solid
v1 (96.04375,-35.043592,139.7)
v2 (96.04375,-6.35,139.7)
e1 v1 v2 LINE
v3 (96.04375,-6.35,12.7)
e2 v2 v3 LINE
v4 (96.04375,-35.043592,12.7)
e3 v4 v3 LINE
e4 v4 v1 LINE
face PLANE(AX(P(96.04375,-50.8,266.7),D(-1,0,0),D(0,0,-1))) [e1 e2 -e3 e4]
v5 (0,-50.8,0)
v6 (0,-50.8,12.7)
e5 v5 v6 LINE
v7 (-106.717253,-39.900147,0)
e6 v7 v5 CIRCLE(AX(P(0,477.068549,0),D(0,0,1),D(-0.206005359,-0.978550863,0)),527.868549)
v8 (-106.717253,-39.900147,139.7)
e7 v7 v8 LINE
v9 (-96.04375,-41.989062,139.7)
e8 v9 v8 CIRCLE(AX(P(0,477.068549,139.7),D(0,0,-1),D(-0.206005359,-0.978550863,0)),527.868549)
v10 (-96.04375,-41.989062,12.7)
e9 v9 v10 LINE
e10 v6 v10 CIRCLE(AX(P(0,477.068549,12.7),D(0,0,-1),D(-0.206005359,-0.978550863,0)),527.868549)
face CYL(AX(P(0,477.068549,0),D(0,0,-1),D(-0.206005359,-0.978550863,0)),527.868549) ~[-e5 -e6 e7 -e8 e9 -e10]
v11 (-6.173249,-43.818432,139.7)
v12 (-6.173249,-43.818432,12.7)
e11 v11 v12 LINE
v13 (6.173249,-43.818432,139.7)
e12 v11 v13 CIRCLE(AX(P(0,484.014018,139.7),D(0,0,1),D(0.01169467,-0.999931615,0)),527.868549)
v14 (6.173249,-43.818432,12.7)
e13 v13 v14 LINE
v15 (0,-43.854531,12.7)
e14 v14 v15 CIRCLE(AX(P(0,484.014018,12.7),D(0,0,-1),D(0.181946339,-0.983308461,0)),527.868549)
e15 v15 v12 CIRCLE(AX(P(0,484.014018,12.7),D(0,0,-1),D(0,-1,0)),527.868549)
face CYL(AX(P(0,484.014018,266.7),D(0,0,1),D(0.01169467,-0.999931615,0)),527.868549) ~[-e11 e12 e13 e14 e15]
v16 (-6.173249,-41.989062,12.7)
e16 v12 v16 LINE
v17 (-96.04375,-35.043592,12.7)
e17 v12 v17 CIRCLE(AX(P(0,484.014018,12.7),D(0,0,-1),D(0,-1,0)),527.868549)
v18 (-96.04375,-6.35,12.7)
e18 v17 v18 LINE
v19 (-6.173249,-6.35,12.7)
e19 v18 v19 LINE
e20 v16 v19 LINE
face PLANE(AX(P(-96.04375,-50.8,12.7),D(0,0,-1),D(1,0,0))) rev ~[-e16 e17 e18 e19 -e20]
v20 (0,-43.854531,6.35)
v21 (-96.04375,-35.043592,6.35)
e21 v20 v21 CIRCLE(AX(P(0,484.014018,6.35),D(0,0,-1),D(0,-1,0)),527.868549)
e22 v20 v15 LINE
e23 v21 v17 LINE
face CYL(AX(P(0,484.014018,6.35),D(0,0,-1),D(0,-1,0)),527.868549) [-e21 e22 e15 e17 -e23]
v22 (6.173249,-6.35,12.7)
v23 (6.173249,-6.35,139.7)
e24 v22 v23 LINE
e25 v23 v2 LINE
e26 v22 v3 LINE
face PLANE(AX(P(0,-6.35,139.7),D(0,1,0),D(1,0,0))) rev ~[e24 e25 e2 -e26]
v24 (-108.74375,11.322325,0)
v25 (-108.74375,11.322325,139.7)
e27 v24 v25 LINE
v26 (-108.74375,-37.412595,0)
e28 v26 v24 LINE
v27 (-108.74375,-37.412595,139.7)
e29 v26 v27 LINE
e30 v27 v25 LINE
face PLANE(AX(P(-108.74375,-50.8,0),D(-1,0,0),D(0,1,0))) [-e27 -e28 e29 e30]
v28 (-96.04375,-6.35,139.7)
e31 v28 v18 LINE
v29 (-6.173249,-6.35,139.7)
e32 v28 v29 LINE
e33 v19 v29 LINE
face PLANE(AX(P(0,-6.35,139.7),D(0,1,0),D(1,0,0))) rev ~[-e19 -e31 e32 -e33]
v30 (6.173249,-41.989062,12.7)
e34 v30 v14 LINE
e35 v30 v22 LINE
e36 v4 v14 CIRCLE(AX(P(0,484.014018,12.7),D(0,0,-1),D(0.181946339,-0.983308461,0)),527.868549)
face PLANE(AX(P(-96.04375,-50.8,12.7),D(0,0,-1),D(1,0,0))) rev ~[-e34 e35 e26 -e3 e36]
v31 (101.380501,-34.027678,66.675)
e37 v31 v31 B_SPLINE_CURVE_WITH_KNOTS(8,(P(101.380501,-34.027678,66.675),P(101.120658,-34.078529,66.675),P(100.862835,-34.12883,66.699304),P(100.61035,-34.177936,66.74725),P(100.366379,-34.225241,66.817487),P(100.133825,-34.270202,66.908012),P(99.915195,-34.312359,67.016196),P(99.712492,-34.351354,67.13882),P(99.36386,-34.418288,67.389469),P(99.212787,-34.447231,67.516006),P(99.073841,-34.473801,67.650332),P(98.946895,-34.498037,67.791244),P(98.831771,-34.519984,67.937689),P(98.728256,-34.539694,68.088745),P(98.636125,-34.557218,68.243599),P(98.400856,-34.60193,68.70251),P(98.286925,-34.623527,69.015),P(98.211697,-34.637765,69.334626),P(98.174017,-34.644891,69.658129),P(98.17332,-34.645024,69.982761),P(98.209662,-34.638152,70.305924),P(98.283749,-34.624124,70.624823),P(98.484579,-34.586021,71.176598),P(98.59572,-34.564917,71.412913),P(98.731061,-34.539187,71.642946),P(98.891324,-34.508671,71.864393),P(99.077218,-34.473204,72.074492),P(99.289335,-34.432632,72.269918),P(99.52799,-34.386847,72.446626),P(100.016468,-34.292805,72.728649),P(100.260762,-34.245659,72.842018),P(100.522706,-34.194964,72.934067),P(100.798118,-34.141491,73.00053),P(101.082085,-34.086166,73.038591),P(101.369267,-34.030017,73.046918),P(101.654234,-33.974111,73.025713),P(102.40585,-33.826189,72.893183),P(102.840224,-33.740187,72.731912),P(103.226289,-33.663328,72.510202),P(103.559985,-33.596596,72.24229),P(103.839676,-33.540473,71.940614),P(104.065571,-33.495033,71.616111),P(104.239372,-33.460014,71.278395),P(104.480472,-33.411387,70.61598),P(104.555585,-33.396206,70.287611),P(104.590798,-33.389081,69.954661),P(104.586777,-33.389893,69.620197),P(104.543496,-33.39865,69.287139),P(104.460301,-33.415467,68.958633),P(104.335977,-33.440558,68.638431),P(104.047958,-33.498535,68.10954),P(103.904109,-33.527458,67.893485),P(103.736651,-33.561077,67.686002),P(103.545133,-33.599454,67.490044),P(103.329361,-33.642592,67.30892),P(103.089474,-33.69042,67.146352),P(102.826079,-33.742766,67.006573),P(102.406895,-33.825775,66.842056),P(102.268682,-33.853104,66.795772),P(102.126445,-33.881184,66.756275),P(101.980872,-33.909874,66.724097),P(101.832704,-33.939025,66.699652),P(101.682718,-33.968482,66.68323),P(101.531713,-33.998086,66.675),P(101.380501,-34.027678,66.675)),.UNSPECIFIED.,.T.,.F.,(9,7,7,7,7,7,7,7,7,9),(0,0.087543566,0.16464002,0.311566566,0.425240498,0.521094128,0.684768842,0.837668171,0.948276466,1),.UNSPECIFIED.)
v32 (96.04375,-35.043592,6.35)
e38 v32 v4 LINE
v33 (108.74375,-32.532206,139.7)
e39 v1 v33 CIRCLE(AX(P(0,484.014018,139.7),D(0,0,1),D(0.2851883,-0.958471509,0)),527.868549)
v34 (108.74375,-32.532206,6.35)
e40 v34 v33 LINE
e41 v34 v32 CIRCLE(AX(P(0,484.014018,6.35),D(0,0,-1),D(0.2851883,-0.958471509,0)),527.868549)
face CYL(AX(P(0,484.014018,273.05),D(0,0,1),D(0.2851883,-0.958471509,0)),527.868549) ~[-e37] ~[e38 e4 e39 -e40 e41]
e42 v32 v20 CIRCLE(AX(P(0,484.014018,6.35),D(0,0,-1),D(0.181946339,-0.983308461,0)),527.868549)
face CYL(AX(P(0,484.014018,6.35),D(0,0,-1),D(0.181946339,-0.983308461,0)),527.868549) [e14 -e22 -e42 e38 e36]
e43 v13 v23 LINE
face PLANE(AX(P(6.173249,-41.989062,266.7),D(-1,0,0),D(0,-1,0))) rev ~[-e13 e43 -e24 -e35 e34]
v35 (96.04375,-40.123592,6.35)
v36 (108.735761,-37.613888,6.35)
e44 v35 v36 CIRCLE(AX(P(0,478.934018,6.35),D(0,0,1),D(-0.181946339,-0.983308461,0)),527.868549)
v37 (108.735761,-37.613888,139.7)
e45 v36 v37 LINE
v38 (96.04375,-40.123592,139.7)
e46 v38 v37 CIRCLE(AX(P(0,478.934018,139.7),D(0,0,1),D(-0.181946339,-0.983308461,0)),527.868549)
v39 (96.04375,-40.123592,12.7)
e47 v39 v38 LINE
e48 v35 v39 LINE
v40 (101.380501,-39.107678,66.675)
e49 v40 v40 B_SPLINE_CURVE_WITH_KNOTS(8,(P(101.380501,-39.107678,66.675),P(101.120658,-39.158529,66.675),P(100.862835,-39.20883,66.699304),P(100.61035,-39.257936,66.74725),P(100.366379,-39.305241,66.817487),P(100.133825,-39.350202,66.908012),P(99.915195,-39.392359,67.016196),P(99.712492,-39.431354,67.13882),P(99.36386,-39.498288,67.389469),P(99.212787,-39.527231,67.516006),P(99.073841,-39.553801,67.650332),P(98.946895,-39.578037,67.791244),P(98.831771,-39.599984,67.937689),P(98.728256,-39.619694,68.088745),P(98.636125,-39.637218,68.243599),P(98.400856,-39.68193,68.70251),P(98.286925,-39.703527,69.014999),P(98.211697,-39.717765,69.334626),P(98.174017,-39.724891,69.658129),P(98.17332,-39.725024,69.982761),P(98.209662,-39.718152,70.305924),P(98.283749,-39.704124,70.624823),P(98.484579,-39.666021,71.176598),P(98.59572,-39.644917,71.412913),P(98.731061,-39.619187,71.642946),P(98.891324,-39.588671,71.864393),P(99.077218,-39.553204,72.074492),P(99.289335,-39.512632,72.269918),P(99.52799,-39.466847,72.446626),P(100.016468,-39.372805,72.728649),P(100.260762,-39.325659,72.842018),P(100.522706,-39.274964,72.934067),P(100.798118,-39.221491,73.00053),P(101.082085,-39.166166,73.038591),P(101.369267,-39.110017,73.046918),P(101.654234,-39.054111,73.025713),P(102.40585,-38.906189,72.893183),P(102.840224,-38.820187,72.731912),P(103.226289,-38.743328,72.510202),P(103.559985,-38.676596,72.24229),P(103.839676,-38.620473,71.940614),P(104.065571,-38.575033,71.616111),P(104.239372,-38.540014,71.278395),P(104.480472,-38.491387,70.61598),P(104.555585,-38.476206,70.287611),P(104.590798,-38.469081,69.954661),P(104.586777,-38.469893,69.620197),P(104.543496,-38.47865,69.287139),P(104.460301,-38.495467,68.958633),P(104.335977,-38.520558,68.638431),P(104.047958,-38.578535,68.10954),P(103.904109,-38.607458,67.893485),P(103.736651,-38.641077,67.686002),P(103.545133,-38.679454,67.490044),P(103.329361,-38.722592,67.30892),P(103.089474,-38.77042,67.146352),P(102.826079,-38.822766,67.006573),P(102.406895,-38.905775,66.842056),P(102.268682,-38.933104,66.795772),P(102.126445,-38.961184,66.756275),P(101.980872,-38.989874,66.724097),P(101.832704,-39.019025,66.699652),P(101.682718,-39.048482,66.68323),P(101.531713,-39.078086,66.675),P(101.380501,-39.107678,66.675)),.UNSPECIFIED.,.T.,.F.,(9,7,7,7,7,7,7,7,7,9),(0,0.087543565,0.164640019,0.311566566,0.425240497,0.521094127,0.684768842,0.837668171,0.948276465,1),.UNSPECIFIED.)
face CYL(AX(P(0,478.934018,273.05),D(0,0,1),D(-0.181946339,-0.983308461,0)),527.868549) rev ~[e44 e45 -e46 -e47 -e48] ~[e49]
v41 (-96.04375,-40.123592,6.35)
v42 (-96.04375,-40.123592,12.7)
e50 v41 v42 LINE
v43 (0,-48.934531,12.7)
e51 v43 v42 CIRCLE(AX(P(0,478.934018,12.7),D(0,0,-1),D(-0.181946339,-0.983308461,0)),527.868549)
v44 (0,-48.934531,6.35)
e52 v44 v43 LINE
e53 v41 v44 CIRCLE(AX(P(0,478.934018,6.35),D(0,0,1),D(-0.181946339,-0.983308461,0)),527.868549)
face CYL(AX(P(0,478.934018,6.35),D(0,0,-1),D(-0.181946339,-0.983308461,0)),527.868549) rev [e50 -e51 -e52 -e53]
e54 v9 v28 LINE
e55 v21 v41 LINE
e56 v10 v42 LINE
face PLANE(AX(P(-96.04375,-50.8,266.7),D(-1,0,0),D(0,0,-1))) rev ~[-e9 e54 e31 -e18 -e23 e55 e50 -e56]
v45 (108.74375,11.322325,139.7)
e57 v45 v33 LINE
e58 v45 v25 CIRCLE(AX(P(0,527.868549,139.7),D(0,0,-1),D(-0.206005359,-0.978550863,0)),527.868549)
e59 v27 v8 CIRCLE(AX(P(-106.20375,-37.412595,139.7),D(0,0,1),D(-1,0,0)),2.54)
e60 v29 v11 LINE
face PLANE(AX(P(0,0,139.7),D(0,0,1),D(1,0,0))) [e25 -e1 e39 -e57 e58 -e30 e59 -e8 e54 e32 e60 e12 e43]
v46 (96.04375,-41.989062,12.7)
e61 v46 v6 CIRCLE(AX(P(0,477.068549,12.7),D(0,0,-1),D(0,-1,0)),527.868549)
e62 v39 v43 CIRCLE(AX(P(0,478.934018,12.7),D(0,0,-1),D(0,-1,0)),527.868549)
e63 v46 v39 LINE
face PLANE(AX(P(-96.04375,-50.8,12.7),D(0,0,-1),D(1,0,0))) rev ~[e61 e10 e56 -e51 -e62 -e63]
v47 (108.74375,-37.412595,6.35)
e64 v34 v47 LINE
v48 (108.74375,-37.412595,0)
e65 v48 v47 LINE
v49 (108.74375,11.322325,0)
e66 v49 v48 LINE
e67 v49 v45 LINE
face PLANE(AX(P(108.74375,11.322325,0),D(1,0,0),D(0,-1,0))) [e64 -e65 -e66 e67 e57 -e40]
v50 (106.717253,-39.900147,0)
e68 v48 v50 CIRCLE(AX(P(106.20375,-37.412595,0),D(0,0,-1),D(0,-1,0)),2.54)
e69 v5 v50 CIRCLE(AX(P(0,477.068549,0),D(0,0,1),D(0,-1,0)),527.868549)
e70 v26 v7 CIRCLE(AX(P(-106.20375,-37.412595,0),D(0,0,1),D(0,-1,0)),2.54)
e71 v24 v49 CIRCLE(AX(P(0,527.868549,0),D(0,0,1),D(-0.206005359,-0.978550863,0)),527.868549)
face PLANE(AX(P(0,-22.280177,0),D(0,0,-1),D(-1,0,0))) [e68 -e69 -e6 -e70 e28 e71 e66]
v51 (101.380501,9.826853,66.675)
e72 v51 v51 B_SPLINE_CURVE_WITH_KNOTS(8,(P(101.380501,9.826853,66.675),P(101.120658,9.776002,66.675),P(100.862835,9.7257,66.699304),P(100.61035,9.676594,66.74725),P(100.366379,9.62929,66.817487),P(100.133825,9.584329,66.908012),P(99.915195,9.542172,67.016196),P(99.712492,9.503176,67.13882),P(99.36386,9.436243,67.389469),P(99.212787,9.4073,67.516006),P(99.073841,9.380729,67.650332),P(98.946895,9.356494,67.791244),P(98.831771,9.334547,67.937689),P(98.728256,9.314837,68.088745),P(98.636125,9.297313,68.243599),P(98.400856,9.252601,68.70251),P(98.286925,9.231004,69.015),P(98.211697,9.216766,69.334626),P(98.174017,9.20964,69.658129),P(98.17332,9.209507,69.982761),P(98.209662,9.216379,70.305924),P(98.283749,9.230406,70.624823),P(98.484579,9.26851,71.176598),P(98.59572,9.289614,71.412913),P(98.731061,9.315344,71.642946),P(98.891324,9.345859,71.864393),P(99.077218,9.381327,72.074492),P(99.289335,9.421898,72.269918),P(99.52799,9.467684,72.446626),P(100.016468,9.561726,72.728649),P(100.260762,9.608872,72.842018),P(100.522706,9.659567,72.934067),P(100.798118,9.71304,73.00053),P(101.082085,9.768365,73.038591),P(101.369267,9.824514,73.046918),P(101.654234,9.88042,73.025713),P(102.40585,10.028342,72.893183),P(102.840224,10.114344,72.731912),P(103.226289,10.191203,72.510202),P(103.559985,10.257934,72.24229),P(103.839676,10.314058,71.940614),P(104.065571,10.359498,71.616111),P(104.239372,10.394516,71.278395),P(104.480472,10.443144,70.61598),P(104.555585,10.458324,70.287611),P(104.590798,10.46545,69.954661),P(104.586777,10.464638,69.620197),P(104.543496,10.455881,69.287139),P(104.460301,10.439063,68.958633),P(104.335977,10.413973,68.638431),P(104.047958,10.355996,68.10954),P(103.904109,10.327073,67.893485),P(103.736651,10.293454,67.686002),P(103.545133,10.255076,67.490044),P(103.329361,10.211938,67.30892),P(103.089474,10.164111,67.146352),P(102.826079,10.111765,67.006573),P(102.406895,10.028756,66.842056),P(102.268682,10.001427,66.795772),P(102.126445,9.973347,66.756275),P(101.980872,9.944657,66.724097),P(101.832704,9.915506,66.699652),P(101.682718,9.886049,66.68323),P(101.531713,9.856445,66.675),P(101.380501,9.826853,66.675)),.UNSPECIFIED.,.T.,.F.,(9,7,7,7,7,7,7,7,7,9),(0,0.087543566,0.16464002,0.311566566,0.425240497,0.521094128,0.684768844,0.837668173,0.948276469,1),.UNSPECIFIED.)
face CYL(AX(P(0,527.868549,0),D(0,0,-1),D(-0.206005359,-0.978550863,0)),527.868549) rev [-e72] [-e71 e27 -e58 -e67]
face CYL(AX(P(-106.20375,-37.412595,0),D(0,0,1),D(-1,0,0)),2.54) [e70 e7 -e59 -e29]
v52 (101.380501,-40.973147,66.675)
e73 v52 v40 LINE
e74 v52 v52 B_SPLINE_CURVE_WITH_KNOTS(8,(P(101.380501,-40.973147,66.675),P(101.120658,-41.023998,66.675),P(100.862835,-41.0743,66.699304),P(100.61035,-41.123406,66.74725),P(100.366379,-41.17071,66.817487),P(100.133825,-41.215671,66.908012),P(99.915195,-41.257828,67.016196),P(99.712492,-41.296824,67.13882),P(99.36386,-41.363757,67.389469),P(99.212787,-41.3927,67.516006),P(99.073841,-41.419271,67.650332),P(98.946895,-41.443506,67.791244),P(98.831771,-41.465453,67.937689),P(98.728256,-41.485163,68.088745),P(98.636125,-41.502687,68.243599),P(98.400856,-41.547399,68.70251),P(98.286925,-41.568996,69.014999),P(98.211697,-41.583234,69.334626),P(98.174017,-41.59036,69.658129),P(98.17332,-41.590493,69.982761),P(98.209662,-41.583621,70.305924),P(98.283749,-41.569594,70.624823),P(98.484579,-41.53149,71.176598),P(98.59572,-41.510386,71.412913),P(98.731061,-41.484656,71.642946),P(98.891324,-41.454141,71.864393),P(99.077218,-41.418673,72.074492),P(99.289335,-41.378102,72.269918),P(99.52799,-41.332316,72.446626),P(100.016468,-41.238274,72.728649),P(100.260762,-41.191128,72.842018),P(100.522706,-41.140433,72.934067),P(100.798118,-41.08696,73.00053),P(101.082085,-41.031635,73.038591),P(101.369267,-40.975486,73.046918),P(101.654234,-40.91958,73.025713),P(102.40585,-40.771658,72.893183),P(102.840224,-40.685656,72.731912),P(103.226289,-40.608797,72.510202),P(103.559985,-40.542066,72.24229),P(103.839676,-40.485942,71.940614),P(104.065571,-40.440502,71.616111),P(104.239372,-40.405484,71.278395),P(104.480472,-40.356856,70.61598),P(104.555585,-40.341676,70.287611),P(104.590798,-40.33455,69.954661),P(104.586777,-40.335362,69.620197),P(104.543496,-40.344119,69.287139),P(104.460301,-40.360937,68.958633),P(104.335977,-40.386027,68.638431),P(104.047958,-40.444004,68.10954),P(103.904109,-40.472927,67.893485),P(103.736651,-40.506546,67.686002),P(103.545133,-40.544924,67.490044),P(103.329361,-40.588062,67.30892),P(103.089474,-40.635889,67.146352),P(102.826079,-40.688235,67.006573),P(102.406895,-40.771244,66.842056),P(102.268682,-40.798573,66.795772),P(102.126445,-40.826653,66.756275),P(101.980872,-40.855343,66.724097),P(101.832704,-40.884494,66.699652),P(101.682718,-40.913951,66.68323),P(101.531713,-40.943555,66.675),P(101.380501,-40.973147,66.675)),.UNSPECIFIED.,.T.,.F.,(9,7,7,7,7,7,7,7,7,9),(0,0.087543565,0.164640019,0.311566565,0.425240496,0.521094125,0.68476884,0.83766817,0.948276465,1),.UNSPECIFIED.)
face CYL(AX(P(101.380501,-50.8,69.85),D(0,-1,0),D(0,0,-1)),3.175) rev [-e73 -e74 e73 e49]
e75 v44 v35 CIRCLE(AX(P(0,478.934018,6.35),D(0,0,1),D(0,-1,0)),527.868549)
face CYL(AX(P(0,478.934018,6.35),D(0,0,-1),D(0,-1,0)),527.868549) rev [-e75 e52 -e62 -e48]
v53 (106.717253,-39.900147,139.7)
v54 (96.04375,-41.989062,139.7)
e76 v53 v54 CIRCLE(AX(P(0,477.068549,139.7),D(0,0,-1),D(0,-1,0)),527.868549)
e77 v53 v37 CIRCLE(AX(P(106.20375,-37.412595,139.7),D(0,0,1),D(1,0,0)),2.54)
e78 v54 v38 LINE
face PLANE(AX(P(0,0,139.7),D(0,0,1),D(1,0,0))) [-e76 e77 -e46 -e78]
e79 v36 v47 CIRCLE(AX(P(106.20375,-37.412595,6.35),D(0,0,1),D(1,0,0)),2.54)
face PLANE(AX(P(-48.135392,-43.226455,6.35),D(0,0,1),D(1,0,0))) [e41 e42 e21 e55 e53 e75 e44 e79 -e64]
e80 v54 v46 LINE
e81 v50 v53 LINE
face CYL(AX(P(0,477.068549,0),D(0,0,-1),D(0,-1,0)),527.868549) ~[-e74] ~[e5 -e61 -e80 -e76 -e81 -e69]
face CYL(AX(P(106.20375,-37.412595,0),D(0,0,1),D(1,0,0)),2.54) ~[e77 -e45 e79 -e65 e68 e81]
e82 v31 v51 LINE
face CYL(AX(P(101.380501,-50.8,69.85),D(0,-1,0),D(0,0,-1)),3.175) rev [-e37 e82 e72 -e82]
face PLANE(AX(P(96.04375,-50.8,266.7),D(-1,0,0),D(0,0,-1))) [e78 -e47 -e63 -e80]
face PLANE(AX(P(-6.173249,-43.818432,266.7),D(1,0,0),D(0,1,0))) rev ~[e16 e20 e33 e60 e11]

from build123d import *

# Parameters (mm, degrees)
BOSS_EXTRUDE2_DEPTH     = 279.4
CUT_EXTRUDE1_DEPTH      = 279.4
FILLET1_R               = 2.54
SKETCH7_W               = 192.0875
SKETCH7_H               = 254
CUT_EXTRUDE2_DEPTH      = 44.45
SKETCH8_W               = 6.173248721
SKETCH8_H               = 35.639061591
BOSS_EXTRUDE3_DEPTH     = 258.064
CUT_EXTRUDE3_DEPTH      = 260.35
CUT_EXTRUDE3_DEPTH_BACK = 6.35
CUT_EXTRUDE4_DEPTH      = 260.35
CUT_EXTRUDE4_DEPTH_BACK = 6.35
BOSS_EXTRUDE4_DEPTH     = 254
SKETCH18_R              = 3.175
CUT_EXTRUDE5_DEPTH      = 71.12


with BuildPart() as part:
    # CrossSection → Boss-Extrude2 (new body)
    with BuildSketch(Plane.XY):
        with BuildLine():
            Line((108.74375, 11.322324676), (108.74375, -50.8))
            Line((108.74375, -50.8), (-108.74375, -50.8))
            Line((-108.74375, -50.8), (-108.74375, 11.322324676))
            ThreePointArc((-108.74375, 11.322324676), (0, 0), (108.74375, 11.322324676))
        make_face()
    extrude(amount=BOSS_EXTRUDE2_DEPTH)

    # Sketch4 → Cut-Extrude1 (cut)
    with BuildSketch(Plane(origin=(0, 0, 0), x_dir=(-1, 0, 0), z_dir=(0, 0, -1))):
        with BuildLine():
            ThreePointArc((0, -50.8), (-54.665798723, -47.96178867), (-108.74375, -39.477675324))
            Line((-108.74375, -39.477675324), (-108.74375, -50.8))
            Line((-108.74375, -50.8), (0, -50.8))
        make_face()
        with BuildLine():
            ThreePointArc((108.74375, -39.477675324), (54.665798723, -47.96178867), (0, -50.8))
            Line((0, -50.8), (108.74375, -50.8))
            Line((108.74375, -50.8), (108.74375, -39.477675324))
        make_face()
    extrude(amount=-CUT_EXTRUDE1_DEPTH, mode=Mode.SUBTRACT)

    # Fillet1
    fillet1_edges = [part.edges().sort_by_distance(p)[0] for p in [
        (108.74375, -39.477675324, 139.7),
        (-108.74375, -39.477675324, 139.7),
    ]]
    fillet(fillet1_edges, radius=FILLET1_R)

    # Sketch7 → Cut-Extrude2 (cut)
    with BuildSketch(Plane(origin=(0, -50.8, 0), x_dir=(1, 0, 0), z_dir=(0, 1, 0))):
        with Locations((0, -139.7)):
            Rectangle(SKETCH7_W, SKETCH7_H)
    extrude(amount=CUT_EXTRUDE2_DEPTH, mode=Mode.SUBTRACT)

    # Sketch8 → Boss-Extrude3 (add)
    with BuildSketch(Plane.XY.offset(12.7)):
        with Locations((3.086624361, -24.169530796)):
            Rectangle(SKETCH8_W, SKETCH8_H)
        with Locations((-3.086624361, -24.169530796)):
            Rectangle(SKETCH8_W, SKETCH8_H)
    extrude(amount=BOSS_EXTRUDE3_DEPTH)

    # Sketch13 → Cut-Extrude3 (cut, two sides: drawn at the far end of the back side and taken through both)
    with BuildSketch(Plane.XY.offset(12.7).offset(-CUT_EXTRUDE3_DEPTH_BACK)):
        with BuildLine():
            ThreePointArc((-96.04375, -40.123592373), (-48.223527841, -46.727181022), (0, -48.934530782))
            Line((0, -48.934530782), (0, -43.854530782))
            ThreePointArc((0, -43.854530782), (-48.223527841, -41.647181022), (-96.04375, -35.043592373))
            Line((-96.04375, -35.043592373), (-96.04375, -37.583592373))
            Line((-96.04375, -37.583592373), (-96.04375, -40.123592373))
        make_face()
        with BuildLine():
            Line((0, -43.854530782), (0, -48.934530782))
            ThreePointArc((0, -48.934530782), (48.223527841, -46.727181022), (96.04375, -40.123592373))
            Line((96.04375, -40.123592373), (96.04375, -37.583592373))
            Line((96.04375, -37.583592373), (96.04375, -35.043592373))
            ThreePointArc((96.04375, -35.043592373), (48.223527841, -41.647181022), (0, -43.854530782))
        make_face()
    extrude(amount=CUT_EXTRUDE3_DEPTH + CUT_EXTRUDE3_DEPTH_BACK, mode=Mode.SUBTRACT)

    # Sketch14 → Cut-Extrude4 (cut, two sides: drawn at the far end of the back side and taken through both)
    with BuildSketch(Plane(origin=(0, 0, 266.7), x_dir=(-1, 0, 0), z_dir=(0, 0, -1)).offset(-CUT_EXTRUDE4_DEPTH_BACK)):
        with BuildLine():
            Line((96.04375, -35.043592373), (96.04375, -40.123592373))
            ThreePointArc((96.04375, -40.123592373), (-28.026510339, -48.189989717), (-150.541934286, -27.012946445))
            Line((-150.541934286, -27.012946445), (-150.541934286, -21.932946445))
            ThreePointArc((-150.541934286, -21.932946445), (-28.026510339, -43.109989717), (96.04375, -35.043592373))
        make_face()
    extrude(amount=CUT_EXTRUDE4_DEPTH + CUT_EXTRUDE4_DEPTH_BACK, mode=Mode.SUBTRACT)

    # Sketch15 → Boss-Extrude4 (add)
    with BuildSketch(Plane(origin=(0, 0, 266.7), x_dir=(-1, 0, 0), z_dir=(0, 0, -1))):
        with BuildLine():
            Line((6.173248721, -43.818432493), (6.173248721, -41.989061591))
            Line((6.173248721, -41.989061591), (-6.173248721, -41.989061591))
            Line((-6.173248721, -41.989061591), (-6.173248721, -43.818432493))
            ThreePointArc((-6.173248721, -43.818432493), (0, -43.854530782), (6.173248721, -43.818432493))
        make_face()
    extrude(amount=BOSS_EXTRUDE4_DEPTH)

    # Sketch18 → Cut-Extrude5 (cut)
    with BuildSketch(Plane(origin=(0, -50.8, 0), x_dir=(1, 0, 0), z_dir=(0, 1, 0))):
        with Locations(Location((101.380501252, -209.55, 0), (0, 0, 90))):
            Circle(SKETCH18_R)
        with Locations(Location((101.380501252, -69.85, 0), (0, 0, 90))):
            Circle(SKETCH18_R)
    extrude(amount=CUT_EXTRUDE5_DEPTH, mode=Mode.SUBTRACT)


with BuildPart() as body_2:
    # Split2: the piece on the far side of the plane
    add(part.part)
    split(bisect_by=Plane.XY.offset(139.7), keep=Keep.BOTTOM)


with BuildPart() as part_1:
    add(part.part)

    # Split2
    split(bisect_by=Plane.XY.offset(139.7), keep=Keep.TOP)


solid = body_2.part
